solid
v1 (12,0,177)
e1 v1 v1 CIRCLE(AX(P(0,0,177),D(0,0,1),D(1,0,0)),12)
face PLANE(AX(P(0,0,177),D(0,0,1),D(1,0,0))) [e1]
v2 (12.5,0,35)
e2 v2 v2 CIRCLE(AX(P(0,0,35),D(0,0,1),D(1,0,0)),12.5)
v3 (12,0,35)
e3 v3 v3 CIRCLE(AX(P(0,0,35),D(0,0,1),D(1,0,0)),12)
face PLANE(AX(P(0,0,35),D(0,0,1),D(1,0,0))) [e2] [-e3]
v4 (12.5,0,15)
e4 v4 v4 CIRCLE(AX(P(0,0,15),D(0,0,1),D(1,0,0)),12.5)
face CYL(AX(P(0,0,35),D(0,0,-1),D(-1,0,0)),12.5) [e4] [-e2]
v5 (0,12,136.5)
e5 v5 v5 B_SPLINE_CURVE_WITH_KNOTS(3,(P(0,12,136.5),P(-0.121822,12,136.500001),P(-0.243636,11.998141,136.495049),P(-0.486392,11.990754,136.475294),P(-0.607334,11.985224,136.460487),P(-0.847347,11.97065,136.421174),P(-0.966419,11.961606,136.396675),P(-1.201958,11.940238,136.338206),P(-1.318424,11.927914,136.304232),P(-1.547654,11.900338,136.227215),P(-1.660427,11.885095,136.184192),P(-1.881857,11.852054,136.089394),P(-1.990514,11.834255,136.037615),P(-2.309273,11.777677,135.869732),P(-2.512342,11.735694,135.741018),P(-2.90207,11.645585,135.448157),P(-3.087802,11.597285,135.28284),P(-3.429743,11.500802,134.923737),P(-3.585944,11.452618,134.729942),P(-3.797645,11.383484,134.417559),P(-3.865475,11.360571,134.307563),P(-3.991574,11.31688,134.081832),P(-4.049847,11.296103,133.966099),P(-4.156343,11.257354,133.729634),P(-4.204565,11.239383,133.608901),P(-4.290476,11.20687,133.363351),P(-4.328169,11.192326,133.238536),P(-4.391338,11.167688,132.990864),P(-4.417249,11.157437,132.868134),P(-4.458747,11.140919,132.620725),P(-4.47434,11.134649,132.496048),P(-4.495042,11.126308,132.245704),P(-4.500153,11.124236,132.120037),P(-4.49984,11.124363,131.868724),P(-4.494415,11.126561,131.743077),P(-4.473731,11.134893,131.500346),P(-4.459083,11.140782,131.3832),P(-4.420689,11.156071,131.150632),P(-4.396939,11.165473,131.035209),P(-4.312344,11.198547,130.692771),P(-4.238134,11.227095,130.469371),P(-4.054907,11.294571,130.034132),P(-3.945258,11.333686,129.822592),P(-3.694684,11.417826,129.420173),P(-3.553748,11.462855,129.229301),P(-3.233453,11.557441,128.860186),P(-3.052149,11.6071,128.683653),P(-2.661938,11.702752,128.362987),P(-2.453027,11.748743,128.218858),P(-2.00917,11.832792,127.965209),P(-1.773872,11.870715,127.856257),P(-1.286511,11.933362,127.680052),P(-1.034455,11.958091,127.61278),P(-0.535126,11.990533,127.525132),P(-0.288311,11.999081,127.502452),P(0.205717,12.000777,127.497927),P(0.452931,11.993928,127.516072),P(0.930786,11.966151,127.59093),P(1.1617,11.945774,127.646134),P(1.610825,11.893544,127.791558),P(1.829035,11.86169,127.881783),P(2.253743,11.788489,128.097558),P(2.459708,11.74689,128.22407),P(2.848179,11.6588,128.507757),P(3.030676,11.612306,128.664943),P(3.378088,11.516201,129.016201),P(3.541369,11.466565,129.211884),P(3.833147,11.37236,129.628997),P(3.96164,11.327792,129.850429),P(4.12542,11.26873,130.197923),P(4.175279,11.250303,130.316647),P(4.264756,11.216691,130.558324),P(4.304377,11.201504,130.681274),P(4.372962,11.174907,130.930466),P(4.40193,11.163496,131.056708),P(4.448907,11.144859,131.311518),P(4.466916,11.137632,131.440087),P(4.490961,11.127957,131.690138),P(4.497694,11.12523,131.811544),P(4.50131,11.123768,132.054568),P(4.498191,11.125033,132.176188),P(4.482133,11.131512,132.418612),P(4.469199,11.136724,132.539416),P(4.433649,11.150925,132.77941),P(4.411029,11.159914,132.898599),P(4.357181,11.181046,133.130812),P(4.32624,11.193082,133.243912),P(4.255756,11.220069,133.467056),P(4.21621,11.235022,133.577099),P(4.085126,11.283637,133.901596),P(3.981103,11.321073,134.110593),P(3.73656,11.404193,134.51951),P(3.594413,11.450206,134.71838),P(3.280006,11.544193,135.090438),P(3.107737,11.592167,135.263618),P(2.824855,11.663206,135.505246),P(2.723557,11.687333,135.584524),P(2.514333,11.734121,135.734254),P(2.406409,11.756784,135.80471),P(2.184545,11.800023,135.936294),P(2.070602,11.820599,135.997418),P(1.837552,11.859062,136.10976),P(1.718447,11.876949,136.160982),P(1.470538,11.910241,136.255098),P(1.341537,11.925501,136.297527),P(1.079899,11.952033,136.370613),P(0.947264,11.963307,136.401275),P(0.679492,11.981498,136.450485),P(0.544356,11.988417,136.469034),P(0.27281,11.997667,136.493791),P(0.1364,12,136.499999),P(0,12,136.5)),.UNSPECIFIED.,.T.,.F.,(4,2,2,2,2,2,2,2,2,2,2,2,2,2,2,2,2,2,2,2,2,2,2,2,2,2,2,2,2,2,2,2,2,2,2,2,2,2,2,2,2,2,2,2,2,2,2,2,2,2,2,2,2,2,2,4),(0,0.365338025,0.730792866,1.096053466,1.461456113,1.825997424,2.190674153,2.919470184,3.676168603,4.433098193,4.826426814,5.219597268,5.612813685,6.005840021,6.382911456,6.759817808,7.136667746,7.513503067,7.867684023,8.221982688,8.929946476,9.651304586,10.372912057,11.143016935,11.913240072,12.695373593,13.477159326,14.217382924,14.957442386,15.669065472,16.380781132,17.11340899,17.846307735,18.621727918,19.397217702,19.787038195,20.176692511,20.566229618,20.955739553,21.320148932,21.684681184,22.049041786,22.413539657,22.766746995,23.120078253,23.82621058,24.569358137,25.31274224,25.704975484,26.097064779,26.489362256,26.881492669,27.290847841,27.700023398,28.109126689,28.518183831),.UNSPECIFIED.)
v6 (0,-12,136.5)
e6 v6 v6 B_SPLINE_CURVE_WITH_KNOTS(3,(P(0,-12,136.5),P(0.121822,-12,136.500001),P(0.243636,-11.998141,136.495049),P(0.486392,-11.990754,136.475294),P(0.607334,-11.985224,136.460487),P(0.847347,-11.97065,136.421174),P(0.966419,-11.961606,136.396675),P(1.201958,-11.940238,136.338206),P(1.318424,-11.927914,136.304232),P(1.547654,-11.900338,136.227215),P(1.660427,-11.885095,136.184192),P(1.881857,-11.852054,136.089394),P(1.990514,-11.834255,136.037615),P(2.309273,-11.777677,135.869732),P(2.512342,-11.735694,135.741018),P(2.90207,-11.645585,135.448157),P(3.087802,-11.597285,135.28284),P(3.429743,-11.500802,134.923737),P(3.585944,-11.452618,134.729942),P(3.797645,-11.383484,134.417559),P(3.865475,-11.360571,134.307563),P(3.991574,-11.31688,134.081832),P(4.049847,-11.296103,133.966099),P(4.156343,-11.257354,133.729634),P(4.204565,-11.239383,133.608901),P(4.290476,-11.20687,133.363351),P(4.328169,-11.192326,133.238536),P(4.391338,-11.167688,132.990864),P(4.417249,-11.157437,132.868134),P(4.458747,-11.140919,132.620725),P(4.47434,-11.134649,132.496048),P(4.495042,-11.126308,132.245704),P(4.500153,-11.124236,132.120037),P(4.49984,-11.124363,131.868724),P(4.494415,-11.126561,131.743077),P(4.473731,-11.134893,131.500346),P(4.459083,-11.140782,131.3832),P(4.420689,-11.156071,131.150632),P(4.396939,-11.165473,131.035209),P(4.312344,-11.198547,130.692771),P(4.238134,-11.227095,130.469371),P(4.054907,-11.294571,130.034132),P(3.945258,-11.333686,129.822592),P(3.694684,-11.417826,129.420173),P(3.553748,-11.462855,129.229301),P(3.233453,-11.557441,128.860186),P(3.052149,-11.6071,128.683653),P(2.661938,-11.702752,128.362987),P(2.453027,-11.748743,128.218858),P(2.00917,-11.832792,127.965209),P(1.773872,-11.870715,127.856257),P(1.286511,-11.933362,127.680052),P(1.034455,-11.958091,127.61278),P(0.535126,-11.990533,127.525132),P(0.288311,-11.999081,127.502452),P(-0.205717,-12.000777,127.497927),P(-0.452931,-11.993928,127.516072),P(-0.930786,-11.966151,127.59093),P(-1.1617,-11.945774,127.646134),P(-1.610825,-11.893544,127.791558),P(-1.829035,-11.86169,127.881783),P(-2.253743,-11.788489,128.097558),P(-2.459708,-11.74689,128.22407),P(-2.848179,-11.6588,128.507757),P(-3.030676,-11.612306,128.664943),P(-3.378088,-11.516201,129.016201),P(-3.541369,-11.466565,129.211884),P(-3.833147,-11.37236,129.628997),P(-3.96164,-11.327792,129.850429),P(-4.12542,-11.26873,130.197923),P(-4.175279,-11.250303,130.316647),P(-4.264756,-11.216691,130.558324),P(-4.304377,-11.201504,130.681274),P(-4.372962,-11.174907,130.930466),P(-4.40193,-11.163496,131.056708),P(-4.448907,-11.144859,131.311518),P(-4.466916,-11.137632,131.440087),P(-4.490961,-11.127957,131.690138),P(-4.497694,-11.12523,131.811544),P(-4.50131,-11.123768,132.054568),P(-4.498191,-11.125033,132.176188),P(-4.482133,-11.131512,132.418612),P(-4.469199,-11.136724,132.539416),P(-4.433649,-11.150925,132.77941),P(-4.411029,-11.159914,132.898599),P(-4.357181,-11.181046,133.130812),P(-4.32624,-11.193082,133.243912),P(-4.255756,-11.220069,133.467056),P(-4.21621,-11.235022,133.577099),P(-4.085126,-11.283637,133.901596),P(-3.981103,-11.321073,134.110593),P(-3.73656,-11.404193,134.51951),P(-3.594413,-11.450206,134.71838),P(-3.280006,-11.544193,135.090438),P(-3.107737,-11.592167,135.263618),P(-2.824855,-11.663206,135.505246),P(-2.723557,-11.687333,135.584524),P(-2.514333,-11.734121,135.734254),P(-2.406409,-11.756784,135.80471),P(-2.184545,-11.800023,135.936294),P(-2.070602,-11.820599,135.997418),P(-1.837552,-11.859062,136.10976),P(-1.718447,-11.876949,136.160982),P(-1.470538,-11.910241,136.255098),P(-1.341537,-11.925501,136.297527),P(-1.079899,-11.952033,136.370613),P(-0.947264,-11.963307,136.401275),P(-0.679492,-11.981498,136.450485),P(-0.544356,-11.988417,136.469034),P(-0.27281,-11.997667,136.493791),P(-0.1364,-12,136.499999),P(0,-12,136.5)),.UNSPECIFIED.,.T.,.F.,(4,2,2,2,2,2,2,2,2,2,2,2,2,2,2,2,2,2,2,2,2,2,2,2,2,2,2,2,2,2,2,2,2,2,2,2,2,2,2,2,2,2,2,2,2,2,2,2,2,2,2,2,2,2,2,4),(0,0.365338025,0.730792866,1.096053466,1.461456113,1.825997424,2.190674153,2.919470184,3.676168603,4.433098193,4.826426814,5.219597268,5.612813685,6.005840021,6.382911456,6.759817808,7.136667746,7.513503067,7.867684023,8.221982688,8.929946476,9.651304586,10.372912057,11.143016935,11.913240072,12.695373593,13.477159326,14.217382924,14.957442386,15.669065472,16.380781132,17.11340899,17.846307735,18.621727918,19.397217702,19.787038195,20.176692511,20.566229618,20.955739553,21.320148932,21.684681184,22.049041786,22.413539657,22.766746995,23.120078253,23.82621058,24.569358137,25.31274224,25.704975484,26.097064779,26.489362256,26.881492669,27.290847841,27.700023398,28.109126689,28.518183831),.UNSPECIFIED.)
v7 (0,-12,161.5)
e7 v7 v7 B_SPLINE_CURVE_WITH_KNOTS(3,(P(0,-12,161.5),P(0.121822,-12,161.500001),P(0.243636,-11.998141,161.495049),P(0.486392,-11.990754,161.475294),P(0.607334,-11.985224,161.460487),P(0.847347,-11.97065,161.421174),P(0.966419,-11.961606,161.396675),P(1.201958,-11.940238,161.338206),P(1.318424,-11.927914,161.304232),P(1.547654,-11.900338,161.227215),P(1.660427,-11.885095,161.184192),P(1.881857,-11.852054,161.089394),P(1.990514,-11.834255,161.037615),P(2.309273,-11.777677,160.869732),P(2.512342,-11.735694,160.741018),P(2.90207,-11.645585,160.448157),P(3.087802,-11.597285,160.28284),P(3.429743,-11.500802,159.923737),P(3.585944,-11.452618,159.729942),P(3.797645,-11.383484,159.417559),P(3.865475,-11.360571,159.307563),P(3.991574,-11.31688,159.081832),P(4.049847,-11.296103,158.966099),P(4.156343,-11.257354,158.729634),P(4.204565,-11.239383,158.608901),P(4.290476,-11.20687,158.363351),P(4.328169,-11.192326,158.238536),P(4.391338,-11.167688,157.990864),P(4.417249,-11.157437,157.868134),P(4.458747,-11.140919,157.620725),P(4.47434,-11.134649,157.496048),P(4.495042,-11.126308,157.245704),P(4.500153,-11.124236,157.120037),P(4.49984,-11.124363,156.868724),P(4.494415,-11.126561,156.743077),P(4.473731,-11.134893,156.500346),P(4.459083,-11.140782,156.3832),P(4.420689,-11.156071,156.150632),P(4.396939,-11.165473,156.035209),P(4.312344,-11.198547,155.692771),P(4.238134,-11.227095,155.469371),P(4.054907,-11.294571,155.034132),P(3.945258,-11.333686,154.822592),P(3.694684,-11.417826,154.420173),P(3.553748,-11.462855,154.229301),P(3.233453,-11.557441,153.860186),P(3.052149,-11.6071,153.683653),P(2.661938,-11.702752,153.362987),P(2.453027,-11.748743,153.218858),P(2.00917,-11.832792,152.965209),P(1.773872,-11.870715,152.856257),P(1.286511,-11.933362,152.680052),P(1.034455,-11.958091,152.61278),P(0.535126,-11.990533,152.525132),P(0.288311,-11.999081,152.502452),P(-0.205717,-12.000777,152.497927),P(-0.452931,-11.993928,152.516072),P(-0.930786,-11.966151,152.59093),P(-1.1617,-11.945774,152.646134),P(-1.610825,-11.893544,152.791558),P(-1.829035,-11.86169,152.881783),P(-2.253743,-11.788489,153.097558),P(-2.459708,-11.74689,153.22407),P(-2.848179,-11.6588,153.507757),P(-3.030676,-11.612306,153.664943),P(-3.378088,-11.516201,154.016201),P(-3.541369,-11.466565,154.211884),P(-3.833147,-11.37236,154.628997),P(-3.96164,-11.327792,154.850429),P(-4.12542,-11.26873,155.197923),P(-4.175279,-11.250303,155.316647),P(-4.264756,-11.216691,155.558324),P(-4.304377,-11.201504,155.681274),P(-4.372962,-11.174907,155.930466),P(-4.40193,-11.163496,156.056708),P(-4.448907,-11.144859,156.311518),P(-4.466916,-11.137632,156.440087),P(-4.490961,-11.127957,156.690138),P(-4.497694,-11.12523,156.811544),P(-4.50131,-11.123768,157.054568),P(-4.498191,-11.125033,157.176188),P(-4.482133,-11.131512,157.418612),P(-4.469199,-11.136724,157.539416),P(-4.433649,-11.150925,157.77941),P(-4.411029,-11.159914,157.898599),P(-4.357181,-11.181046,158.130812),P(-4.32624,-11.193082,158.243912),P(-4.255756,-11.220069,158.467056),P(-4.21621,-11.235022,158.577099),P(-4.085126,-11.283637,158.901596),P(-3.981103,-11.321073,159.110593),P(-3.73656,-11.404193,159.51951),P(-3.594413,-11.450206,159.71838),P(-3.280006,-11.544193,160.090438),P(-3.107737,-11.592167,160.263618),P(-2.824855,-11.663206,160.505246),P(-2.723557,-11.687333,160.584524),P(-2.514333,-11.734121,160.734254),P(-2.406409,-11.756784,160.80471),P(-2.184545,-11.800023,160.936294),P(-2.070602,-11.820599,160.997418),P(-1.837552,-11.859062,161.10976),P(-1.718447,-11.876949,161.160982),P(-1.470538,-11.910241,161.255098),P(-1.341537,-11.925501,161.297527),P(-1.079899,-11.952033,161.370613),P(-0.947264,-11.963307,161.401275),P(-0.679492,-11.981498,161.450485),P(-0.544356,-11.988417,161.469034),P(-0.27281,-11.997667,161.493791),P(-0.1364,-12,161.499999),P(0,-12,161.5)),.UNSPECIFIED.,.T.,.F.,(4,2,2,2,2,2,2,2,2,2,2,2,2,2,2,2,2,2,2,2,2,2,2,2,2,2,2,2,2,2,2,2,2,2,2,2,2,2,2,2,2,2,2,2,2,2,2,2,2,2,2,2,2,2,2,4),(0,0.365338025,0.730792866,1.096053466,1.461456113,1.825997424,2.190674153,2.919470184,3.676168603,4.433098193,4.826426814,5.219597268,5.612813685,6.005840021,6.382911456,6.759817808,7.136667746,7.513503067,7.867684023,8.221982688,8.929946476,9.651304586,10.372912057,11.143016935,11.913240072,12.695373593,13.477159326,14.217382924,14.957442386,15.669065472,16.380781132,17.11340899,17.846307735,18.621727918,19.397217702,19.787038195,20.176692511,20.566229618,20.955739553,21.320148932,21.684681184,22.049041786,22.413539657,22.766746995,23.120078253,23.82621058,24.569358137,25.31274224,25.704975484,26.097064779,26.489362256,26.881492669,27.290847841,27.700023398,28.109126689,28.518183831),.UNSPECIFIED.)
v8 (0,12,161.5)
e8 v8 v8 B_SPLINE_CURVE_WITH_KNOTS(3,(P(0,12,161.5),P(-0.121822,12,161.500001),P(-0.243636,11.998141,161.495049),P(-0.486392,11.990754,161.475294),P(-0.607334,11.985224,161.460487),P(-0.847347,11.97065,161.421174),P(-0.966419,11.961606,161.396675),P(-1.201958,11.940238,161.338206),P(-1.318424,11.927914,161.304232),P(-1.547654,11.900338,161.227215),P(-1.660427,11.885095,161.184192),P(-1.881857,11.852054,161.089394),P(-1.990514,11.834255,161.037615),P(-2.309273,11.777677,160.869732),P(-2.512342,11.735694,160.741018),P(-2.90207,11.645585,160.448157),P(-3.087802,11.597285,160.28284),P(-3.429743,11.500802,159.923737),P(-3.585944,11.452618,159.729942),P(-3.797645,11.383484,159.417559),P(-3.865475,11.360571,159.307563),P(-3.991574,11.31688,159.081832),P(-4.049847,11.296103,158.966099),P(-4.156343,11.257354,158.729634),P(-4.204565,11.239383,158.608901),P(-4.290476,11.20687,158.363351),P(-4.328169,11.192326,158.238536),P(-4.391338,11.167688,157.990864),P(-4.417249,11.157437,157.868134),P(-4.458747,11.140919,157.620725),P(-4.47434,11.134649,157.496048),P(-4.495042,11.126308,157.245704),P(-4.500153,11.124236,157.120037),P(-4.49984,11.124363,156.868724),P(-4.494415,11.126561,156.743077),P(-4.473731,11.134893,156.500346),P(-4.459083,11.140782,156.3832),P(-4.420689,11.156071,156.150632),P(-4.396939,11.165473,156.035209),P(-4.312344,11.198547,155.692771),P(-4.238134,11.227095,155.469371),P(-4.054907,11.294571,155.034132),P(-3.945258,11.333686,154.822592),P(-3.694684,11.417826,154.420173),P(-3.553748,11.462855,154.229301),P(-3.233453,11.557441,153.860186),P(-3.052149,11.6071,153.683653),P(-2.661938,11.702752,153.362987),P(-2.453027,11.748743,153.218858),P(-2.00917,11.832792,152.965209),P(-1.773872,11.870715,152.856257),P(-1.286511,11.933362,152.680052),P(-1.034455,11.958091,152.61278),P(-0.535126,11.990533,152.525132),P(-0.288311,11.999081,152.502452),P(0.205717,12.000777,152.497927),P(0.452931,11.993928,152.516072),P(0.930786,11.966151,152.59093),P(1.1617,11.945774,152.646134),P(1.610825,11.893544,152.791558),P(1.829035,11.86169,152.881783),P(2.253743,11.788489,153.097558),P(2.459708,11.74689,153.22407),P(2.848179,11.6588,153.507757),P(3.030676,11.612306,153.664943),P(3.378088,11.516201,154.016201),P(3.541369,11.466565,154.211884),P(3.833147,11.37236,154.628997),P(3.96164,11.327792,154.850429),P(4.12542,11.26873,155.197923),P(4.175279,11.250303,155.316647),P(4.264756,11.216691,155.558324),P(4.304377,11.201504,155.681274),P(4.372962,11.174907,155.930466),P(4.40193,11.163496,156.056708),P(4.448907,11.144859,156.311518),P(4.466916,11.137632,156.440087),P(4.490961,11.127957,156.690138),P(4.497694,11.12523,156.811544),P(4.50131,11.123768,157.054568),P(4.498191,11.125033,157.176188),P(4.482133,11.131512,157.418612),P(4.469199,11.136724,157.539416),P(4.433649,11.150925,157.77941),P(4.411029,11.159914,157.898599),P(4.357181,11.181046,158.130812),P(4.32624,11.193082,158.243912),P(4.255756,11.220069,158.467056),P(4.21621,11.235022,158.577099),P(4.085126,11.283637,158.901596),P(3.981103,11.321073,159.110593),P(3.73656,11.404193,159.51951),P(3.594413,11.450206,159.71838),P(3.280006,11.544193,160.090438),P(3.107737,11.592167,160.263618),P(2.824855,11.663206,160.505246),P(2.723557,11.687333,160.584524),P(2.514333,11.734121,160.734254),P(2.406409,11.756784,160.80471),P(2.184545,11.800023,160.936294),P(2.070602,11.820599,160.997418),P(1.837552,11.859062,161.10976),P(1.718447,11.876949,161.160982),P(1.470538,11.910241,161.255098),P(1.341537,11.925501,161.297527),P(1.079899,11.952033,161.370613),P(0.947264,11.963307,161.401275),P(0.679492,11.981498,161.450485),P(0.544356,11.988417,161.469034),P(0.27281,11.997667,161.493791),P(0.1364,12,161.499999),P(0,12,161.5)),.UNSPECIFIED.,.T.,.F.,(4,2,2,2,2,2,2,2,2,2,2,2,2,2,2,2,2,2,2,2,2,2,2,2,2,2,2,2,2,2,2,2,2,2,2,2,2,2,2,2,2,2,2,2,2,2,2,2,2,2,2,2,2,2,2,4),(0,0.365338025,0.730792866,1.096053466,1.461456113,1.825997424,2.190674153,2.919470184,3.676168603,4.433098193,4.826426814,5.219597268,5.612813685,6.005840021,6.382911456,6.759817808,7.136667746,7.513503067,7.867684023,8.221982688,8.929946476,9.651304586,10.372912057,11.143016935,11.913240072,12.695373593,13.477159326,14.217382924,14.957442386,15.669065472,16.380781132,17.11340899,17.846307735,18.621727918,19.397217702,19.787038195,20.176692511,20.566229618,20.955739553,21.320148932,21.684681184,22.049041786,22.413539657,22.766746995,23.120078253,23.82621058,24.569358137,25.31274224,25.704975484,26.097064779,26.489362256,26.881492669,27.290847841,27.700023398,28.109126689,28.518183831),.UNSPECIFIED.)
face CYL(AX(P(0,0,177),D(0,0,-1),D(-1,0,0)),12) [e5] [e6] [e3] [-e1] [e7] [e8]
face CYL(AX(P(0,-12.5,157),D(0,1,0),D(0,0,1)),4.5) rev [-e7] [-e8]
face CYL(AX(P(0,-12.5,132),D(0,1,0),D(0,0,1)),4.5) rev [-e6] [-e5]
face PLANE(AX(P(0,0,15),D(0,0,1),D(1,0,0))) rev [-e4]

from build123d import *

# Parameters (mm, degrees)
SKETCH1_R               = 10
BOSS_EXTRUDE1_DEPTH     = 15
SKETCH2_R               = 12.5
BOSS_EXTRUDE2_DEPTH     = 20
SKETCH3_R               = 12
BOSS_EXTRUDE3_DEPTH     = 142
SKETCH4_R               = 4.5
CUT_EXTRUDE1_DEPTH      = 178.880577917
CUT_EXTRUDE2_DEPTH      = 178.880578016
CUT_EXTRUDE2_DEPTH_BACK = 178.880578016
SKETCH5_W               = 50.129657838
SKETCH5_H               = 19.874218845
LPATTERN1_COUNT         = 2
LPATTERN1_PITCH         = 25


with BuildPart() as part:
    # Sketch1 → Boss-Extrude1 (new body)
    with BuildSketch(Plane.XY):
        Circle(SKETCH1_R)
    extrude(amount=BOSS_EXTRUDE1_DEPTH)

    # Sketch2 → Boss-Extrude2 (add)
    with BuildSketch(Plane.XY.offset(15)):
        Circle(SKETCH2_R)
    extrude(amount=BOSS_EXTRUDE2_DEPTH)

    # Sketch3 → Boss-Extrude3 (add)
    with BuildSketch(Plane.XY.offset(35)):
        Circle(SKETCH3_R)
    extrude(amount=BOSS_EXTRUDE3_DEPTH)

    # Sketch4 → Cut-Extrude1 (cut, symmetric)
    with BuildSketch(Plane(origin=(0, 0, 0), x_dir=(1, 0, 0), z_dir=(0, 1, 0))):
        with Locations(Location((0, -157, 0), (0, 0, 270))):
            Circle(SKETCH4_R)
    cut_extrude1 = extrude(amount=CUT_EXTRUDE1_DEPTH, both=True, mode=Mode.SUBTRACT)

    # Sketch5 → Cut-Extrude2 (cut, two sides: drawn at the far end of the back side and taken through both)
    with BuildSketch(Plane(origin=(0, 0, 0), x_dir=(1, 0, 0), z_dir=(0, 1, 0)).offset(-CUT_EXTRUDE2_DEPTH_BACK)):
        with Locations((-12.564828919, -5.062890578)):
            Rectangle(SKETCH5_W, SKETCH5_H)
    extrude(amount=CUT_EXTRUDE2_DEPTH + CUT_EXTRUDE2_DEPTH_BACK, mode=Mode.SUBTRACT)

    # LPattern1: Cut-Extrude1 ×2
    with Locations(*[(0, 0, -i * LPATTERN1_PITCH) for i in range(1, LPATTERN1_COUNT)]):
        add(cut_extrude1, mode=Mode.SUBTRACT)


solid = part.part
